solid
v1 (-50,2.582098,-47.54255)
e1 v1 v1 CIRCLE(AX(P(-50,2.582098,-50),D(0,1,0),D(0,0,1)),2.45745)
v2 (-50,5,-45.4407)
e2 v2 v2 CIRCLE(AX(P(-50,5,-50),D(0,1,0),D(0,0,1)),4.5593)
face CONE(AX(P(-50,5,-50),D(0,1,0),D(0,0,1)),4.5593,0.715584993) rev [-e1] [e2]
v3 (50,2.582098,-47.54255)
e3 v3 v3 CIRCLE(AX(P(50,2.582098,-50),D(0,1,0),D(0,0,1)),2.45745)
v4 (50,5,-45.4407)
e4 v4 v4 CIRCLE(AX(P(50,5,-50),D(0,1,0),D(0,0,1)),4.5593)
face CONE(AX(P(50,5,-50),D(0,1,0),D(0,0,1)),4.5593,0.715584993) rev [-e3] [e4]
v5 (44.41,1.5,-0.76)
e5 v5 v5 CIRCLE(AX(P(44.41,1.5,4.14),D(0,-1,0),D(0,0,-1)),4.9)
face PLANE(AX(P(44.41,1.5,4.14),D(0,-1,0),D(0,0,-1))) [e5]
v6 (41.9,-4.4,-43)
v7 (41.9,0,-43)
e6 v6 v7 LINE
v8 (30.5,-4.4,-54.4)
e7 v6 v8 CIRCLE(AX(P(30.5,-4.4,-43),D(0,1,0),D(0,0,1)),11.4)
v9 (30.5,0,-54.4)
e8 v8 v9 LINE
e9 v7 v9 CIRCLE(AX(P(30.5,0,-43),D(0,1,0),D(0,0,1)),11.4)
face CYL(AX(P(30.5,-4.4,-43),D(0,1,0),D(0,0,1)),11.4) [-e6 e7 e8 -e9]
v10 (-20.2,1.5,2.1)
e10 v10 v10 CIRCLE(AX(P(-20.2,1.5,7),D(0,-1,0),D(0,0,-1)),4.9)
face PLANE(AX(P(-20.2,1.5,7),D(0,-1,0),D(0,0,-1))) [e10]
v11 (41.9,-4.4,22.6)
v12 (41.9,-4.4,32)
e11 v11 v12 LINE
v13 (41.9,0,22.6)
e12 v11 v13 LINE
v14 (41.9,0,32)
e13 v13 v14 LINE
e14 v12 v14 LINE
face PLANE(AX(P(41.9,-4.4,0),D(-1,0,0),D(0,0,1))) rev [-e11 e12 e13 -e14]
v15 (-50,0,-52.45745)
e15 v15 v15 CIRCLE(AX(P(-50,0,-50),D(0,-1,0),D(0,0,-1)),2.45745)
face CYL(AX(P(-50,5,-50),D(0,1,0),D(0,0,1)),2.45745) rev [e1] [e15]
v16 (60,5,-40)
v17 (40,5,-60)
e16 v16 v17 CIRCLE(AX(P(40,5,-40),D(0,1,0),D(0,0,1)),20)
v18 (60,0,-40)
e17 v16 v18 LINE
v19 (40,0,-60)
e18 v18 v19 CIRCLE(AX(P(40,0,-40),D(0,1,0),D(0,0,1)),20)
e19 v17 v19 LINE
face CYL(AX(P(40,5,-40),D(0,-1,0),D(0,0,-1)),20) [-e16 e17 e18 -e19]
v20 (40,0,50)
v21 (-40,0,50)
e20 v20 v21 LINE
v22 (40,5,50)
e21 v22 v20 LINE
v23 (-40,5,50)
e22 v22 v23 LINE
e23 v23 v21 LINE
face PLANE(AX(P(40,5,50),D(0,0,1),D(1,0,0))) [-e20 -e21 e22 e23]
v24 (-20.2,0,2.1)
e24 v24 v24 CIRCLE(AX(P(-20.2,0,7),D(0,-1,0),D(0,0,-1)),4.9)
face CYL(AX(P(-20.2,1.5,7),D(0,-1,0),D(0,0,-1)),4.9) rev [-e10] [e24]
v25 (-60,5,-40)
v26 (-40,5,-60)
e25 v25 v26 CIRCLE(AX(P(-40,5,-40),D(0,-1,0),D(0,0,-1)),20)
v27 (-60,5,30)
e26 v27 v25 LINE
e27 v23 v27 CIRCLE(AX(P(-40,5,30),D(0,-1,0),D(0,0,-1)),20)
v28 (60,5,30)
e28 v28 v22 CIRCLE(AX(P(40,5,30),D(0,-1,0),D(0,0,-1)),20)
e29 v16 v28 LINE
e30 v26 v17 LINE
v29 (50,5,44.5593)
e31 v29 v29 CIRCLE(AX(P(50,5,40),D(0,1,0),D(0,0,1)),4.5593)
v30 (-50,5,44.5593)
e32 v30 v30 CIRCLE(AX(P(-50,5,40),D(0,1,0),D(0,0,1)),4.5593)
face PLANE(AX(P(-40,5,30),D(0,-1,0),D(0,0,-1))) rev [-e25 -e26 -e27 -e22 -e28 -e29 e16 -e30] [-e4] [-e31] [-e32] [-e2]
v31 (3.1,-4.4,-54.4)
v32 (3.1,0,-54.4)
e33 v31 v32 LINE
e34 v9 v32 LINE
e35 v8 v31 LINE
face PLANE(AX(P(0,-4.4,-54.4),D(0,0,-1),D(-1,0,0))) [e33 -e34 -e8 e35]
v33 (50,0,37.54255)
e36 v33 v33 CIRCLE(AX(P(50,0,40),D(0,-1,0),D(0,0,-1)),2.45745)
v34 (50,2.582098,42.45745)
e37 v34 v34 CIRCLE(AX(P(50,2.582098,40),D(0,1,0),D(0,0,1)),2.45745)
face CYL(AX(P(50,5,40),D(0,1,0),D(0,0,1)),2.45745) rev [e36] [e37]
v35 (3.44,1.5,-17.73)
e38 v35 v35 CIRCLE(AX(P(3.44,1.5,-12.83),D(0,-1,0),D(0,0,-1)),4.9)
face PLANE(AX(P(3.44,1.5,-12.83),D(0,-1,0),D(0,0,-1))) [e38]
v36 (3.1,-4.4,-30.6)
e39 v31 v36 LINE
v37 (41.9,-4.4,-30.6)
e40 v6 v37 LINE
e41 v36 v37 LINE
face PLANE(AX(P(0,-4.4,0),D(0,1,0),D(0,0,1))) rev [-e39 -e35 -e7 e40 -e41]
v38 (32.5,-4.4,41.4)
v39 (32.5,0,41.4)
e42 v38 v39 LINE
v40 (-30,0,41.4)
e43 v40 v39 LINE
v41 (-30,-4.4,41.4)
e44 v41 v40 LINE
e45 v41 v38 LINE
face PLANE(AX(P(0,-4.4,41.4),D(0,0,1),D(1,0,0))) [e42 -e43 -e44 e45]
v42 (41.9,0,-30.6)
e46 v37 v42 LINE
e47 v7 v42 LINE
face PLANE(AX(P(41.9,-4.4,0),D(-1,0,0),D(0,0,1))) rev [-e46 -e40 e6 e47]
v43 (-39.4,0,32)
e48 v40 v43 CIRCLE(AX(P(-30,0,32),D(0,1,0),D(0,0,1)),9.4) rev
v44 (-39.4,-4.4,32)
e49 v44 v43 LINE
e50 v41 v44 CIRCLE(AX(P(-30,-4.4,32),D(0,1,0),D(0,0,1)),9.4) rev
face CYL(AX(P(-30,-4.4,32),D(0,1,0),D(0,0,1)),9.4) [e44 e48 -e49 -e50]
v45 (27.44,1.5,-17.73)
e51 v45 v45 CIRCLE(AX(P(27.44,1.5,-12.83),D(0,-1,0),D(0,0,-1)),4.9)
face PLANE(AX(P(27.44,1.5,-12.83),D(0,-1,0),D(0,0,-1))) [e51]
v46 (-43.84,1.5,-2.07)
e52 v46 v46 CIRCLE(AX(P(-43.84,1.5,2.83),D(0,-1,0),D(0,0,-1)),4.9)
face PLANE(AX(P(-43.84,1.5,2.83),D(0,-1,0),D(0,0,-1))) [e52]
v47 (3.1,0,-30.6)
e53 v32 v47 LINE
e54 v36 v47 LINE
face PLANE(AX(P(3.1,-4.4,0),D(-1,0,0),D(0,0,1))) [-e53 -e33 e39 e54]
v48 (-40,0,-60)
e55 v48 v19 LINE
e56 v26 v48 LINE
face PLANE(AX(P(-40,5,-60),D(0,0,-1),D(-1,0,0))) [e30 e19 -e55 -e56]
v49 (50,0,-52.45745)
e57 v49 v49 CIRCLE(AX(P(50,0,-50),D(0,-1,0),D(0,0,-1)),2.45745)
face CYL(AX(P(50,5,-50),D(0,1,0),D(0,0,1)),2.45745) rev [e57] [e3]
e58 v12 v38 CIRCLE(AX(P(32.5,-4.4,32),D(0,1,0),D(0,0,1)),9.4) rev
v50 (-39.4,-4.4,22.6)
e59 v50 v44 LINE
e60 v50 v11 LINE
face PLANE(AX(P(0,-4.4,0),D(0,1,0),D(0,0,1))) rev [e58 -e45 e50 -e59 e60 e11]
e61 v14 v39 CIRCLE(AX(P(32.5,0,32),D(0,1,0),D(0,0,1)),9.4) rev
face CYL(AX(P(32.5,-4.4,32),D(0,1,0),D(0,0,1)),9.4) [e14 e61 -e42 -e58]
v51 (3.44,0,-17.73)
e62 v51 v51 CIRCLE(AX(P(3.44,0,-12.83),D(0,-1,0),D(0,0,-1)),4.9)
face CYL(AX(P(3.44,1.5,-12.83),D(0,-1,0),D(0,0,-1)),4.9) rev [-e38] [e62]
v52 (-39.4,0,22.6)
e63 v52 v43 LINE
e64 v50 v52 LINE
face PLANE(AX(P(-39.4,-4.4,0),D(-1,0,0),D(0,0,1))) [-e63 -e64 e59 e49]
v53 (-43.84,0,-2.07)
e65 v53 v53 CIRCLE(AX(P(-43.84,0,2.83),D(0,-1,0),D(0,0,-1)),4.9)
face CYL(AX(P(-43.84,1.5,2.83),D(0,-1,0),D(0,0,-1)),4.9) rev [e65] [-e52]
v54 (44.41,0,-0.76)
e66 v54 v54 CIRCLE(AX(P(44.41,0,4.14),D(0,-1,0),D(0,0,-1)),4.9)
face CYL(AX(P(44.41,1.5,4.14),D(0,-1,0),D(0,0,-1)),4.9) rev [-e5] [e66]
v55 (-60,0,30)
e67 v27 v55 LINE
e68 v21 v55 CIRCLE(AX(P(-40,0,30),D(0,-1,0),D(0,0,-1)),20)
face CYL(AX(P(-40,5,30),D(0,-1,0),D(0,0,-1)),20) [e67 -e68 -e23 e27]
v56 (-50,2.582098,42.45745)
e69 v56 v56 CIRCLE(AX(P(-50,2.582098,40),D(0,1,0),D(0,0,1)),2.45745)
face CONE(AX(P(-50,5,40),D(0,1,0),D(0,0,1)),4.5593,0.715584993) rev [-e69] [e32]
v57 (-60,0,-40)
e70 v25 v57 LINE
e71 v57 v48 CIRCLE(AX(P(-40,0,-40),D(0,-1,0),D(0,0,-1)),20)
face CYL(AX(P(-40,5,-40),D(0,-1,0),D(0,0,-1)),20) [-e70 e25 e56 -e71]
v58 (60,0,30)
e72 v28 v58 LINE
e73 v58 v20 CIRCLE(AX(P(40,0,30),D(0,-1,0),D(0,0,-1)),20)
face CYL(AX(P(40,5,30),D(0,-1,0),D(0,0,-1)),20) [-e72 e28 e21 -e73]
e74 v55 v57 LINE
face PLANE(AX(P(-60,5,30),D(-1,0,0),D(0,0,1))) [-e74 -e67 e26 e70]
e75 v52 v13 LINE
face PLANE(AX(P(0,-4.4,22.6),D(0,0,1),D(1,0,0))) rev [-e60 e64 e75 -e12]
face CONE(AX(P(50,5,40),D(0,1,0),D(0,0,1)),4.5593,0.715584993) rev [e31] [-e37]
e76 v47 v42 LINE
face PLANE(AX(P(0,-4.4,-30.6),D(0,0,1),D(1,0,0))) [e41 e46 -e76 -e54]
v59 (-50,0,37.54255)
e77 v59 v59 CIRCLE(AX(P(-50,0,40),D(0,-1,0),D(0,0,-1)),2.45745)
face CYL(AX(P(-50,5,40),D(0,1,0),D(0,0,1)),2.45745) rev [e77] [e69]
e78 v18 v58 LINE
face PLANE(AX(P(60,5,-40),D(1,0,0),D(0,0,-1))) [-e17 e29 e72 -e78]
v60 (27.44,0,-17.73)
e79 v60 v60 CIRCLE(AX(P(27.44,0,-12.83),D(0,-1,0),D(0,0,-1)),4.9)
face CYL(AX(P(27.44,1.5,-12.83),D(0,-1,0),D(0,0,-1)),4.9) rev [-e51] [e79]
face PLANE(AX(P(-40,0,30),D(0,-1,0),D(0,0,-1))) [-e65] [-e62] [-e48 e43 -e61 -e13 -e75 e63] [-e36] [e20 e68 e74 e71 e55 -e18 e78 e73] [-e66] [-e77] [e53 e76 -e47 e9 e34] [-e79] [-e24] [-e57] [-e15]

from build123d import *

# Parameters (mm, degrees)
BOSS_EXTRUDE1_DEPTH                               = 5
BOSS_EXTRUDE2_DEPTH                               = 4.4
CUT_EXTRUDE2_START                                = -5
SKETCH4_R                                         = 4.9
CUT_EXTRUDE2_DEPTH                                = 1.5
CSK_FOR_8_FLAT_HEAD_SOCKET_CAP_SCREW1_D           = 4.9149
CSK_FOR_8_FLAT_HEAD_SOCKET_CAP_SCREW1_DEPTH       = 68.34
CSK_FOR_8_FLAT_HEAD_SOCKET_CAP_SCREW1_CSINK_D     = 9.1186
CSK_FOR_8_FLAT_HEAD_SOCKET_CAP_SCREW1_CSINK_ANGLE = 82
CSK_FOR_8_FLAT_HEAD_SOCKET_CAP_SCREW1_TIP         = 1.476584928


with BuildPart() as part:
    # Sketch1 → Boss-Extrude1 (new body)
    with BuildSketch(Plane(origin=(0, 0, 0), x_dir=(1, 0, 0), z_dir=(0, 1, 0))):
        with BuildLine():
            Line((-60, -30), (-60, 40))
            ThreePointArc((-60, 40), (-54.142135624, 54.142135624), (-40, 60))
            Line((-40, 60), (40, 60))
            ThreePointArc((40, 60), (54.142135624, 54.142135624), (60, 40))
            Line((60, 40), (60, -30))
            ThreePointArc((60, -30), (54.142135624, -44.142135624), (40, -50))
            Line((40, -50), (-40, -50))
            ThreePointArc((-40, -50), (-54.142135624, -44.142135624), (-60, -30))
        make_face()
    extrude(amount=BOSS_EXTRUDE1_DEPTH)

    # Sketch1<5> → Boss-Extrude2 (add)
    with BuildSketch(Plane(origin=(0, 0, 0), x_dir=(1, 0, 0), z_dir=(0, 1, 0))):
        with BuildLine():
            Line((-39.4, -22.6), (41.9, -22.6))
            Line((41.9, -22.6), (41.9, -32))
            ThreePointArc((41.9, -32), (39.146803743, -38.646803743), (32.5, -41.4))
            Line((32.5, -41.4), (-30, -41.4))
            ThreePointArc((-30, -41.4), (-36.646803743, -38.646803743), (-39.4, -32))
            Line((-39.4, -32), (-39.4, -22.6))
        make_face()
        with BuildLine():
            Line((3.1, 54.4), (3.1, 30.6))
            Line((3.1, 30.6), (41.9, 30.6))
            Line((41.9, 30.6), (41.9, 43))
            ThreePointArc((41.9, 43), (38.561017306, 51.061017306), (30.5, 54.4))
            Line((30.5, 54.4), (3.1, 54.4))
        make_face()
    extrude(amount=-BOSS_EXTRUDE2_DEPTH)

    # Sketch4 → Cut-Extrude2 (cut)
    with BuildSketch(Plane(origin=(0, 5, 0), x_dir=(1, 0, 0), z_dir=(0, 1, 0)).offset(CUT_EXTRUDE2_START)):
        with Locations((-20.2, -7)):
            Circle(SKETCH4_R)
        with Locations((-43.84, -2.83)):
            Circle(SKETCH4_R)
        with Locations((3.44, 12.83)):
            Circle(SKETCH4_R)
        with Locations((44.41, -4.14)):
            Circle(SKETCH4_R)
        with Locations((27.44, 12.83)):
            Circle(SKETCH4_R)
    extrude(amount=CUT_EXTRUDE2_DEPTH, mode=Mode.SUBTRACT)

    # CSK for #8 Flat Head Socket Cap Screw1
    with Locations(Plane(origin=(50, 5, 40), x_dir=(0, 0, 1), z_dir=(0, 1, 0))):
        with Locations((0, 0), (-90, 0), (-90, -100), (0, -100)):
            CounterSinkHole(CSK_FOR_8_FLAT_HEAD_SOCKET_CAP_SCREW1_D / 2, CSK_FOR_8_FLAT_HEAD_SOCKET_CAP_SCREW1_CSINK_D / 2, depth=CSK_FOR_8_FLAT_HEAD_SOCKET_CAP_SCREW1_DEPTH, counter_sink_angle=CSK_FOR_8_FLAT_HEAD_SOCKET_CAP_SCREW1_CSINK_ANGLE)
            with Locations((0, 0, -(CSK_FOR_8_FLAT_HEAD_SOCKET_CAP_SCREW1_DEPTH + CSK_FOR_8_FLAT_HEAD_SOCKET_CAP_SCREW1_TIP / 2))):  # 118° drill point
                Cone(0, CSK_FOR_8_FLAT_HEAD_SOCKET_CAP_SCREW1_D / 2, CSK_FOR_8_FLAT_HEAD_SOCKET_CAP_SCREW1_TIP, mode=Mode.SUBTRACT)


solid = part.part
